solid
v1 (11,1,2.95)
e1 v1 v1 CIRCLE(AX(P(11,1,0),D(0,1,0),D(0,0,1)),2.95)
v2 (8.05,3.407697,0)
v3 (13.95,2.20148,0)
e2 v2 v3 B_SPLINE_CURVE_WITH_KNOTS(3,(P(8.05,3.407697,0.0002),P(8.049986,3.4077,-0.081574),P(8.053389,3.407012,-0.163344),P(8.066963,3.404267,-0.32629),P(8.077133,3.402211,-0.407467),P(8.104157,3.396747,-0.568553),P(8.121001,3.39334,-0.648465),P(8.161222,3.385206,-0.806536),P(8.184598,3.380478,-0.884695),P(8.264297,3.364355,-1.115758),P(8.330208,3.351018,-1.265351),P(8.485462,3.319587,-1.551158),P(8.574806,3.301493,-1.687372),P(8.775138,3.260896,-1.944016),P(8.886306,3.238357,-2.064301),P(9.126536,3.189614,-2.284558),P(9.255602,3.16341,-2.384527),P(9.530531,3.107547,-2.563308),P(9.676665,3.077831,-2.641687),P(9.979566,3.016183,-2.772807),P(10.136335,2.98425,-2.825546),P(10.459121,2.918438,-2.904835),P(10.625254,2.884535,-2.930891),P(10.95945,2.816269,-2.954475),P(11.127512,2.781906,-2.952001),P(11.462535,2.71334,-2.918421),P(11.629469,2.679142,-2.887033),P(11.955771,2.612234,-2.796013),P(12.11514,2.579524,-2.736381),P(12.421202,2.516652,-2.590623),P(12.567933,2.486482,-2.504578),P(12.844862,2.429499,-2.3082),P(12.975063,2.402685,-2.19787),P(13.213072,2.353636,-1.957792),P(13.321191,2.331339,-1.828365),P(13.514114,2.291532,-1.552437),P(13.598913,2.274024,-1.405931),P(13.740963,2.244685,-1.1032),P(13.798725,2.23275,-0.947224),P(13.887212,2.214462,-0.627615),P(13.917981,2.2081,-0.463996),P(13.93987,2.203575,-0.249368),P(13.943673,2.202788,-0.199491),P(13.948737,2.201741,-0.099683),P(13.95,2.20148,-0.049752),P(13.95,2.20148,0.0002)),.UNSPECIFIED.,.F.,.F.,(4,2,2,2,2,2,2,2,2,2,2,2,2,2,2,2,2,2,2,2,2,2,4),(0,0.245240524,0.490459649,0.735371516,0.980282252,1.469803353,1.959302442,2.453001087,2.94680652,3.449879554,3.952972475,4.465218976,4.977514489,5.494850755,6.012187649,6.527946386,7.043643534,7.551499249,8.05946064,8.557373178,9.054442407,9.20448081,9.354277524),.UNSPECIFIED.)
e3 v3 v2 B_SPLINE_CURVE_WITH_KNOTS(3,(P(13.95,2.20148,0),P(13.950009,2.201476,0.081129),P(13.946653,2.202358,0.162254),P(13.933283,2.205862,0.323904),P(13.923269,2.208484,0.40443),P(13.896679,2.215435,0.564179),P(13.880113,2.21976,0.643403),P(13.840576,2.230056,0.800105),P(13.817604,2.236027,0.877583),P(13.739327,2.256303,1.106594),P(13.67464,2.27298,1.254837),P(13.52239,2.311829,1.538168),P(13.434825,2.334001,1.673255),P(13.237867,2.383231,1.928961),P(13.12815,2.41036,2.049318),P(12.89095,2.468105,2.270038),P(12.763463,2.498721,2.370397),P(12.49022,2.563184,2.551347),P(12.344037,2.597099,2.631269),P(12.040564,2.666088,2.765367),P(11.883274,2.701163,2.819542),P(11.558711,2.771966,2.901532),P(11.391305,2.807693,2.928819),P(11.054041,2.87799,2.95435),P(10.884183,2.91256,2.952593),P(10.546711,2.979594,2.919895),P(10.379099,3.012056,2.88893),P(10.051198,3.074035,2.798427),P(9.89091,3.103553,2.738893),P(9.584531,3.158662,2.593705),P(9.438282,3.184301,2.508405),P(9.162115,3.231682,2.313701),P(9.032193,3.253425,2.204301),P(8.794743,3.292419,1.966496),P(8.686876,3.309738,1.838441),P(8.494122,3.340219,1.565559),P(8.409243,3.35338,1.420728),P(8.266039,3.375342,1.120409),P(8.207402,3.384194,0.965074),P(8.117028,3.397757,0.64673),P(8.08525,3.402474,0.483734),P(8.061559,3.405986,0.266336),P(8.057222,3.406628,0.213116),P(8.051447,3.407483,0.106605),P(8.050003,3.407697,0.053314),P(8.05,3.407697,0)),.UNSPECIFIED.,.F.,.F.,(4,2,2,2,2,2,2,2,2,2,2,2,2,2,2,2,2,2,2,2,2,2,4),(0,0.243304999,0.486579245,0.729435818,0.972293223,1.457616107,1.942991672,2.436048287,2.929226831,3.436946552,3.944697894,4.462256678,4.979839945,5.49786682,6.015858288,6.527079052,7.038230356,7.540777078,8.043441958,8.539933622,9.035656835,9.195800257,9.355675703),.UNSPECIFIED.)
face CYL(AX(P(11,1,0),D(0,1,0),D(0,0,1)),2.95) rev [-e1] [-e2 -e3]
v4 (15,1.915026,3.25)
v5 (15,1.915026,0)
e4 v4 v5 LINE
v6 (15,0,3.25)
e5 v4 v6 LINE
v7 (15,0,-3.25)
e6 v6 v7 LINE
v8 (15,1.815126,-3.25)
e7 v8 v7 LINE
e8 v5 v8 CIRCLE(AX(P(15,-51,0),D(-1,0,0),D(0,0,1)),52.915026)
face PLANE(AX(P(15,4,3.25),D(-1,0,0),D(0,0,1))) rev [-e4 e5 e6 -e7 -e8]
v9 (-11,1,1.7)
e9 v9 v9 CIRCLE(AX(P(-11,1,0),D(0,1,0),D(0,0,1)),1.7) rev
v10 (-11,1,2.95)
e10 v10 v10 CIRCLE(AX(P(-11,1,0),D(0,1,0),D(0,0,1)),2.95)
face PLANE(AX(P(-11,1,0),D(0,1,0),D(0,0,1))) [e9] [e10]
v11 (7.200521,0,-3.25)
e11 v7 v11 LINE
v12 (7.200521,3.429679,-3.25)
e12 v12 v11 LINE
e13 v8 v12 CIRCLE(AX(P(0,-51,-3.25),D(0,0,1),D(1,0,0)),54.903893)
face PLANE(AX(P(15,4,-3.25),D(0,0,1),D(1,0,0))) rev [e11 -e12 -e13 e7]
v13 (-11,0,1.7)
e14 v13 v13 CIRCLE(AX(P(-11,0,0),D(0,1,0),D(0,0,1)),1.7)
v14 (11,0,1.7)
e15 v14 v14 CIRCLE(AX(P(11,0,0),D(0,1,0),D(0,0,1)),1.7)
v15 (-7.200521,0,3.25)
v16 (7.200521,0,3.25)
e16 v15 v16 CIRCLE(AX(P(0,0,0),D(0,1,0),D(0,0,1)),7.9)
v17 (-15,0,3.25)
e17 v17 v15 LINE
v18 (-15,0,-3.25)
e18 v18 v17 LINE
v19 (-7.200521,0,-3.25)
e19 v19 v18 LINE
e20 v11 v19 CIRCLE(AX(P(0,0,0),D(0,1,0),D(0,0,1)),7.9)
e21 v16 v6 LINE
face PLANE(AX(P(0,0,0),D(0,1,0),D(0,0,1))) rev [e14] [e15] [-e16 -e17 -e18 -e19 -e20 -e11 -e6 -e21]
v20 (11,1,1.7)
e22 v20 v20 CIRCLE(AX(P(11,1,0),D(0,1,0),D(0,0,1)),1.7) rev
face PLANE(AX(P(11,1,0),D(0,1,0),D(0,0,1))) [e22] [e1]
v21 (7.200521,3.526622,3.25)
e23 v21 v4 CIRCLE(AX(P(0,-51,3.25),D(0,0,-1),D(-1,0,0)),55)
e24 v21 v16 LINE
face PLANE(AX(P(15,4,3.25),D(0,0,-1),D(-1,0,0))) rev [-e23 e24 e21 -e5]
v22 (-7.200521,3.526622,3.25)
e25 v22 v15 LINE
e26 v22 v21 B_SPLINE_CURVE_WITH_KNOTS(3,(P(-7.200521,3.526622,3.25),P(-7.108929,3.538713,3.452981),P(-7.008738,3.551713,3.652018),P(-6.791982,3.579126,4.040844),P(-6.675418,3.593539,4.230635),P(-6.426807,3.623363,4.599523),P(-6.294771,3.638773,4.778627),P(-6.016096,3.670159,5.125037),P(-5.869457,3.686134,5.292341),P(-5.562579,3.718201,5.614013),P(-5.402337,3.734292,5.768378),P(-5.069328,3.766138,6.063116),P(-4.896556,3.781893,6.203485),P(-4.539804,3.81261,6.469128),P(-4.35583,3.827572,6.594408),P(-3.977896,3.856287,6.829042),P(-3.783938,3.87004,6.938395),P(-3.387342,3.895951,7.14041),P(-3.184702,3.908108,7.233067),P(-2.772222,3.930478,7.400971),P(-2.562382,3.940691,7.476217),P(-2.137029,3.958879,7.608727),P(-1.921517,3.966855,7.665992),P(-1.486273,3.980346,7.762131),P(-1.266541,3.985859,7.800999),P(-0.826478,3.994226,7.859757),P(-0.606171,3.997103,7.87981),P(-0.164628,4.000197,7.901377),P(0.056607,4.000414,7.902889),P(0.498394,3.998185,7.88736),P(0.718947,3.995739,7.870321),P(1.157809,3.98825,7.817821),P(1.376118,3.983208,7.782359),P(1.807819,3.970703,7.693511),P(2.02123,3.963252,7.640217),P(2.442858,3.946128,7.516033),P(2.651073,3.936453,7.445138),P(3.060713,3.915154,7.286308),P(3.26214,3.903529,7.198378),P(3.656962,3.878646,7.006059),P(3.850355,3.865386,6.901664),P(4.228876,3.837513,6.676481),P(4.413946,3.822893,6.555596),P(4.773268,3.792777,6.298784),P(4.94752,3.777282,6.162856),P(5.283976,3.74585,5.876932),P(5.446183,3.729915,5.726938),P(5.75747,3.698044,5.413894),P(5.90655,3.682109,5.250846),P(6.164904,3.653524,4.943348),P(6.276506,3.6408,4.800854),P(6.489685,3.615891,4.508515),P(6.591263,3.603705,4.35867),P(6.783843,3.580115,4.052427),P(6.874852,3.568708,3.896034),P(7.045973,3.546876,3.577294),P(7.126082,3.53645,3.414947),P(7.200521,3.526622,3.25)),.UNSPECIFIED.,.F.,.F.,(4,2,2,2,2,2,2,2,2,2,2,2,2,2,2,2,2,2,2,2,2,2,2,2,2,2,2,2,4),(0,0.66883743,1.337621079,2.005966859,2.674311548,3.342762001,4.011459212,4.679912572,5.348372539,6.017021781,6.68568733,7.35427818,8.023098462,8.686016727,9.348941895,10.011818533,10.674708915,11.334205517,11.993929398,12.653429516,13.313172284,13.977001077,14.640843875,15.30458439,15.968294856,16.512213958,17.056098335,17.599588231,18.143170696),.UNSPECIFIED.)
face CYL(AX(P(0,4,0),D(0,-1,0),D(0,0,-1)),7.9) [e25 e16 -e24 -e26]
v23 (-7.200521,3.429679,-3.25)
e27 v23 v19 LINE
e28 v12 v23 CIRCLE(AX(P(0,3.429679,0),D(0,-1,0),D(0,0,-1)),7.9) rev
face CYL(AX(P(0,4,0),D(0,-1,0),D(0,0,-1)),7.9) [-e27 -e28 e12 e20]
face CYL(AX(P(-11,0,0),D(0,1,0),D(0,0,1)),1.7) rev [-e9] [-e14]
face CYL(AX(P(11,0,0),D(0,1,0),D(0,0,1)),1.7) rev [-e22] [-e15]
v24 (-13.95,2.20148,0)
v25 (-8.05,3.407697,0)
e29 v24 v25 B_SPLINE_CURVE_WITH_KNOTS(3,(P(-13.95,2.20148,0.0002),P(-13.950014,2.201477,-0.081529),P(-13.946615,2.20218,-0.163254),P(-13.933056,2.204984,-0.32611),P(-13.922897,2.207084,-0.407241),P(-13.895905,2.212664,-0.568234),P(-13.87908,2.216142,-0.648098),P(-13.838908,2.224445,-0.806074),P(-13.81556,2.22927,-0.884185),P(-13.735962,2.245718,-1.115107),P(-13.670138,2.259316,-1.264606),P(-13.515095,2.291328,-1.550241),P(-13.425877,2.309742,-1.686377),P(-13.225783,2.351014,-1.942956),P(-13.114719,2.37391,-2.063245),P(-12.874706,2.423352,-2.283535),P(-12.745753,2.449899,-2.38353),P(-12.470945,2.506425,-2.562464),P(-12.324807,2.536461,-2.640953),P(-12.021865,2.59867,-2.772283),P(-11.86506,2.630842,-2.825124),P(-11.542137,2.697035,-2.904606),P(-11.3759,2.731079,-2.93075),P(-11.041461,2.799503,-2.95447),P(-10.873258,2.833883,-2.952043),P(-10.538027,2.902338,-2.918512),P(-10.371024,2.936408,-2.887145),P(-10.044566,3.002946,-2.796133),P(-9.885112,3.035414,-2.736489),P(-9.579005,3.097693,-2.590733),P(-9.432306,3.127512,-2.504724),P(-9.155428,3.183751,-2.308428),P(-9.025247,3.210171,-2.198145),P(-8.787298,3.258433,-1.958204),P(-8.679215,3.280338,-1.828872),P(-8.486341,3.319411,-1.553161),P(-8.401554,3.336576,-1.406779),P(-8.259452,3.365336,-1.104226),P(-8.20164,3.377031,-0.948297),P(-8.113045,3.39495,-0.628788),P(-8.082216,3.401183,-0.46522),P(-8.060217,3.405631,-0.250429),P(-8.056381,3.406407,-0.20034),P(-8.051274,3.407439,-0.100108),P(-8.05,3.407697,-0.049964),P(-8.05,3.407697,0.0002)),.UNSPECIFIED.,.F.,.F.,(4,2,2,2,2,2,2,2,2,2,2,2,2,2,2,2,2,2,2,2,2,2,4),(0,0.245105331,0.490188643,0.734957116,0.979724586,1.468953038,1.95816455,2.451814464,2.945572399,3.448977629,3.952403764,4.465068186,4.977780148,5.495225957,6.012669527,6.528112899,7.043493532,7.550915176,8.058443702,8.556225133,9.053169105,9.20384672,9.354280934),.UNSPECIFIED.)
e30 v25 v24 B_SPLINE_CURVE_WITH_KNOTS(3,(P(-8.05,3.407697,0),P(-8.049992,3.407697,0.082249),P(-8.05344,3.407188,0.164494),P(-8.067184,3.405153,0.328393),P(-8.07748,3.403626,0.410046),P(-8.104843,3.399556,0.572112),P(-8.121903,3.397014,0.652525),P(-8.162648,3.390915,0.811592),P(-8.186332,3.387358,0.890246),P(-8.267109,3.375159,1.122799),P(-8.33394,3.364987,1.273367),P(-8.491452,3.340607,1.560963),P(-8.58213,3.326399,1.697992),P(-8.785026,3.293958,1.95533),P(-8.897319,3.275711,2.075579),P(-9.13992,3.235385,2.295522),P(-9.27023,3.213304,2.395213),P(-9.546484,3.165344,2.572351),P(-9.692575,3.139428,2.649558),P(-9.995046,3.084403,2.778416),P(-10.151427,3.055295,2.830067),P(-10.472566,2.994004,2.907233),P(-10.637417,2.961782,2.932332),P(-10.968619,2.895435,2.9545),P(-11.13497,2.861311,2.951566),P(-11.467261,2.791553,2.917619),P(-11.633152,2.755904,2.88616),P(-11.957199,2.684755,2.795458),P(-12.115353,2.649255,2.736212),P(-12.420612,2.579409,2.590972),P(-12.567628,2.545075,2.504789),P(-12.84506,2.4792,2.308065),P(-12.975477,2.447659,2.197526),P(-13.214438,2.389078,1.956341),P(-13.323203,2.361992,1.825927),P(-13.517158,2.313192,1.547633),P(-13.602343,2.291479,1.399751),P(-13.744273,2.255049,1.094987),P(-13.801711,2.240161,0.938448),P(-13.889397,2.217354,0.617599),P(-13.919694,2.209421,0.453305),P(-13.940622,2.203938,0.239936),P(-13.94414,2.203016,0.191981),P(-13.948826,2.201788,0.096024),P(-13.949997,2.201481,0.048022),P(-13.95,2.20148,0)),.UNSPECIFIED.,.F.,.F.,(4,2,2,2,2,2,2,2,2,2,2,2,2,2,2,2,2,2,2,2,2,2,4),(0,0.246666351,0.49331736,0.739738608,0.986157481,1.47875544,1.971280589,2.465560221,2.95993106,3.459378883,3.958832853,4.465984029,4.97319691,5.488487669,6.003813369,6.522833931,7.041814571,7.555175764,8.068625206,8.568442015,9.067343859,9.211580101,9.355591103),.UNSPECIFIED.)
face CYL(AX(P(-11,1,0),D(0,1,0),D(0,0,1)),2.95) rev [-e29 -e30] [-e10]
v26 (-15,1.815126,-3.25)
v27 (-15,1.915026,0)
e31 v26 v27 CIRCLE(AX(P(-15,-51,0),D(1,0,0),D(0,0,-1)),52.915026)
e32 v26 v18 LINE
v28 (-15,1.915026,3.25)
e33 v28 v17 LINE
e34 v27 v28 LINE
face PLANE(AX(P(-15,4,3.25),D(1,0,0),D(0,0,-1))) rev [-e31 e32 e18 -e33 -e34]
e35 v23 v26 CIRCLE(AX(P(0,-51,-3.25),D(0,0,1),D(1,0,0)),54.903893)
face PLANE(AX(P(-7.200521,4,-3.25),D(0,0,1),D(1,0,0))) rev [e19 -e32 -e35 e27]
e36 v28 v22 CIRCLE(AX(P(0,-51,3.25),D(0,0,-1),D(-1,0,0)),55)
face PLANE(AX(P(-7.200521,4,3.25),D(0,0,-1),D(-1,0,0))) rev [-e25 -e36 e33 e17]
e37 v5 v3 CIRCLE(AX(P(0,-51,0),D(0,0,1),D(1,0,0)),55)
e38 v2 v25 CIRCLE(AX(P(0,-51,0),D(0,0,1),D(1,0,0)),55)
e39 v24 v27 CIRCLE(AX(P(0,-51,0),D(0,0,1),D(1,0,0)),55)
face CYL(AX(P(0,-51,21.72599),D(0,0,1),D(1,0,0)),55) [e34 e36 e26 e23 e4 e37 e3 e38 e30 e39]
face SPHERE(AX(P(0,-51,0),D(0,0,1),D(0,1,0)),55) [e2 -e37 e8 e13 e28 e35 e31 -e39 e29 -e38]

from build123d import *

# Parameters (mm, degrees)
SALIENTE_EXTRUIR1_DEPTH = 4
CROQUIS2_R              = 1.7
CORTAR_EXTRUIR1_DEPTH   = 4
CROQUIS3_R              = 2.95
CORTAR_EXTRUIR2_DEPTH   = 3


with BuildPart() as part:
    # Croquis1 → Saliente-Extruir1 (new body)
    with BuildSketch(Plane(origin=(0, 0, 0), x_dir=(1, 0, 0), z_dir=(0, 1, 0))):
        with BuildLine():
            Line((-7.200520814, 3.25), (-15, 3.25))
            Line((-15, 3.25), (-15, -3.25))
            Line((-15, -3.25), (-7.200520814, -3.25))
            ThreePointArc((-7.200520814, -3.25), (0, -7.9), (7.200520814, -3.25))
            Line((7.200520814, -3.25), (15, -3.25))
            Line((15, -3.25), (15, 3.25))
            Line((15, 3.25), (7.200520814, 3.25))
            ThreePointArc((7.200520814, 3.25), (0, 7.9), (-7.200520814, 3.25))
        make_face()
    extrude(amount=SALIENTE_EXTRUIR1_DEPTH)

    # Croquis2 → Cortar-Extruir1 (cut)
    with BuildSketch(Plane(origin=(0, 4, 0), x_dir=(1, 0, 0), z_dir=(0, 1, 0))):
        with Locations((-11, 0)):
            Circle(CROQUIS2_R)
        with Locations((11, 0)):
            Circle(CROQUIS2_R)
    extrude(amount=-CORTAR_EXTRUIR1_DEPTH, mode=Mode.SUBTRACT)

    # Croquis3 → Cortar-Extruir2 (cut)
    with BuildSketch(Plane(origin=(0, 4, 0), x_dir=(1, 0, 0), z_dir=(0, 1, 0))):
        with Locations((-11, 0)):
            Circle(CROQUIS3_R)
        with Locations((11, 0)):
            Circle(CROQUIS3_R)
    extrude(amount=-CORTAR_EXTRUIR2_DEPTH, mode=Mode.SUBTRACT)

    # Croquis4 → Cortar-Revolución1 (revolve, cut)
    with BuildSketch(Plane(origin=(0, 0, 0), x_dir=(0, 0, -1), z_dir=(1, 0, 0))):
        with BuildLine():
            Line((0, 4), (-10, 4))
            Line((-10, 4), (-10, 7))
            Line((-10, 7), (10, 7))
            Line((10, 7), (10, 3.083269132))
            ThreePointArc((10, 3.083269132), (5.02096593, 3.770337785), (0, 4))
        make_face()
    revolve(axis=Axis((0, -51, 21.725989645), (0, 0, -1)), mode=Mode.SUBTRACT)


solid = part.part
